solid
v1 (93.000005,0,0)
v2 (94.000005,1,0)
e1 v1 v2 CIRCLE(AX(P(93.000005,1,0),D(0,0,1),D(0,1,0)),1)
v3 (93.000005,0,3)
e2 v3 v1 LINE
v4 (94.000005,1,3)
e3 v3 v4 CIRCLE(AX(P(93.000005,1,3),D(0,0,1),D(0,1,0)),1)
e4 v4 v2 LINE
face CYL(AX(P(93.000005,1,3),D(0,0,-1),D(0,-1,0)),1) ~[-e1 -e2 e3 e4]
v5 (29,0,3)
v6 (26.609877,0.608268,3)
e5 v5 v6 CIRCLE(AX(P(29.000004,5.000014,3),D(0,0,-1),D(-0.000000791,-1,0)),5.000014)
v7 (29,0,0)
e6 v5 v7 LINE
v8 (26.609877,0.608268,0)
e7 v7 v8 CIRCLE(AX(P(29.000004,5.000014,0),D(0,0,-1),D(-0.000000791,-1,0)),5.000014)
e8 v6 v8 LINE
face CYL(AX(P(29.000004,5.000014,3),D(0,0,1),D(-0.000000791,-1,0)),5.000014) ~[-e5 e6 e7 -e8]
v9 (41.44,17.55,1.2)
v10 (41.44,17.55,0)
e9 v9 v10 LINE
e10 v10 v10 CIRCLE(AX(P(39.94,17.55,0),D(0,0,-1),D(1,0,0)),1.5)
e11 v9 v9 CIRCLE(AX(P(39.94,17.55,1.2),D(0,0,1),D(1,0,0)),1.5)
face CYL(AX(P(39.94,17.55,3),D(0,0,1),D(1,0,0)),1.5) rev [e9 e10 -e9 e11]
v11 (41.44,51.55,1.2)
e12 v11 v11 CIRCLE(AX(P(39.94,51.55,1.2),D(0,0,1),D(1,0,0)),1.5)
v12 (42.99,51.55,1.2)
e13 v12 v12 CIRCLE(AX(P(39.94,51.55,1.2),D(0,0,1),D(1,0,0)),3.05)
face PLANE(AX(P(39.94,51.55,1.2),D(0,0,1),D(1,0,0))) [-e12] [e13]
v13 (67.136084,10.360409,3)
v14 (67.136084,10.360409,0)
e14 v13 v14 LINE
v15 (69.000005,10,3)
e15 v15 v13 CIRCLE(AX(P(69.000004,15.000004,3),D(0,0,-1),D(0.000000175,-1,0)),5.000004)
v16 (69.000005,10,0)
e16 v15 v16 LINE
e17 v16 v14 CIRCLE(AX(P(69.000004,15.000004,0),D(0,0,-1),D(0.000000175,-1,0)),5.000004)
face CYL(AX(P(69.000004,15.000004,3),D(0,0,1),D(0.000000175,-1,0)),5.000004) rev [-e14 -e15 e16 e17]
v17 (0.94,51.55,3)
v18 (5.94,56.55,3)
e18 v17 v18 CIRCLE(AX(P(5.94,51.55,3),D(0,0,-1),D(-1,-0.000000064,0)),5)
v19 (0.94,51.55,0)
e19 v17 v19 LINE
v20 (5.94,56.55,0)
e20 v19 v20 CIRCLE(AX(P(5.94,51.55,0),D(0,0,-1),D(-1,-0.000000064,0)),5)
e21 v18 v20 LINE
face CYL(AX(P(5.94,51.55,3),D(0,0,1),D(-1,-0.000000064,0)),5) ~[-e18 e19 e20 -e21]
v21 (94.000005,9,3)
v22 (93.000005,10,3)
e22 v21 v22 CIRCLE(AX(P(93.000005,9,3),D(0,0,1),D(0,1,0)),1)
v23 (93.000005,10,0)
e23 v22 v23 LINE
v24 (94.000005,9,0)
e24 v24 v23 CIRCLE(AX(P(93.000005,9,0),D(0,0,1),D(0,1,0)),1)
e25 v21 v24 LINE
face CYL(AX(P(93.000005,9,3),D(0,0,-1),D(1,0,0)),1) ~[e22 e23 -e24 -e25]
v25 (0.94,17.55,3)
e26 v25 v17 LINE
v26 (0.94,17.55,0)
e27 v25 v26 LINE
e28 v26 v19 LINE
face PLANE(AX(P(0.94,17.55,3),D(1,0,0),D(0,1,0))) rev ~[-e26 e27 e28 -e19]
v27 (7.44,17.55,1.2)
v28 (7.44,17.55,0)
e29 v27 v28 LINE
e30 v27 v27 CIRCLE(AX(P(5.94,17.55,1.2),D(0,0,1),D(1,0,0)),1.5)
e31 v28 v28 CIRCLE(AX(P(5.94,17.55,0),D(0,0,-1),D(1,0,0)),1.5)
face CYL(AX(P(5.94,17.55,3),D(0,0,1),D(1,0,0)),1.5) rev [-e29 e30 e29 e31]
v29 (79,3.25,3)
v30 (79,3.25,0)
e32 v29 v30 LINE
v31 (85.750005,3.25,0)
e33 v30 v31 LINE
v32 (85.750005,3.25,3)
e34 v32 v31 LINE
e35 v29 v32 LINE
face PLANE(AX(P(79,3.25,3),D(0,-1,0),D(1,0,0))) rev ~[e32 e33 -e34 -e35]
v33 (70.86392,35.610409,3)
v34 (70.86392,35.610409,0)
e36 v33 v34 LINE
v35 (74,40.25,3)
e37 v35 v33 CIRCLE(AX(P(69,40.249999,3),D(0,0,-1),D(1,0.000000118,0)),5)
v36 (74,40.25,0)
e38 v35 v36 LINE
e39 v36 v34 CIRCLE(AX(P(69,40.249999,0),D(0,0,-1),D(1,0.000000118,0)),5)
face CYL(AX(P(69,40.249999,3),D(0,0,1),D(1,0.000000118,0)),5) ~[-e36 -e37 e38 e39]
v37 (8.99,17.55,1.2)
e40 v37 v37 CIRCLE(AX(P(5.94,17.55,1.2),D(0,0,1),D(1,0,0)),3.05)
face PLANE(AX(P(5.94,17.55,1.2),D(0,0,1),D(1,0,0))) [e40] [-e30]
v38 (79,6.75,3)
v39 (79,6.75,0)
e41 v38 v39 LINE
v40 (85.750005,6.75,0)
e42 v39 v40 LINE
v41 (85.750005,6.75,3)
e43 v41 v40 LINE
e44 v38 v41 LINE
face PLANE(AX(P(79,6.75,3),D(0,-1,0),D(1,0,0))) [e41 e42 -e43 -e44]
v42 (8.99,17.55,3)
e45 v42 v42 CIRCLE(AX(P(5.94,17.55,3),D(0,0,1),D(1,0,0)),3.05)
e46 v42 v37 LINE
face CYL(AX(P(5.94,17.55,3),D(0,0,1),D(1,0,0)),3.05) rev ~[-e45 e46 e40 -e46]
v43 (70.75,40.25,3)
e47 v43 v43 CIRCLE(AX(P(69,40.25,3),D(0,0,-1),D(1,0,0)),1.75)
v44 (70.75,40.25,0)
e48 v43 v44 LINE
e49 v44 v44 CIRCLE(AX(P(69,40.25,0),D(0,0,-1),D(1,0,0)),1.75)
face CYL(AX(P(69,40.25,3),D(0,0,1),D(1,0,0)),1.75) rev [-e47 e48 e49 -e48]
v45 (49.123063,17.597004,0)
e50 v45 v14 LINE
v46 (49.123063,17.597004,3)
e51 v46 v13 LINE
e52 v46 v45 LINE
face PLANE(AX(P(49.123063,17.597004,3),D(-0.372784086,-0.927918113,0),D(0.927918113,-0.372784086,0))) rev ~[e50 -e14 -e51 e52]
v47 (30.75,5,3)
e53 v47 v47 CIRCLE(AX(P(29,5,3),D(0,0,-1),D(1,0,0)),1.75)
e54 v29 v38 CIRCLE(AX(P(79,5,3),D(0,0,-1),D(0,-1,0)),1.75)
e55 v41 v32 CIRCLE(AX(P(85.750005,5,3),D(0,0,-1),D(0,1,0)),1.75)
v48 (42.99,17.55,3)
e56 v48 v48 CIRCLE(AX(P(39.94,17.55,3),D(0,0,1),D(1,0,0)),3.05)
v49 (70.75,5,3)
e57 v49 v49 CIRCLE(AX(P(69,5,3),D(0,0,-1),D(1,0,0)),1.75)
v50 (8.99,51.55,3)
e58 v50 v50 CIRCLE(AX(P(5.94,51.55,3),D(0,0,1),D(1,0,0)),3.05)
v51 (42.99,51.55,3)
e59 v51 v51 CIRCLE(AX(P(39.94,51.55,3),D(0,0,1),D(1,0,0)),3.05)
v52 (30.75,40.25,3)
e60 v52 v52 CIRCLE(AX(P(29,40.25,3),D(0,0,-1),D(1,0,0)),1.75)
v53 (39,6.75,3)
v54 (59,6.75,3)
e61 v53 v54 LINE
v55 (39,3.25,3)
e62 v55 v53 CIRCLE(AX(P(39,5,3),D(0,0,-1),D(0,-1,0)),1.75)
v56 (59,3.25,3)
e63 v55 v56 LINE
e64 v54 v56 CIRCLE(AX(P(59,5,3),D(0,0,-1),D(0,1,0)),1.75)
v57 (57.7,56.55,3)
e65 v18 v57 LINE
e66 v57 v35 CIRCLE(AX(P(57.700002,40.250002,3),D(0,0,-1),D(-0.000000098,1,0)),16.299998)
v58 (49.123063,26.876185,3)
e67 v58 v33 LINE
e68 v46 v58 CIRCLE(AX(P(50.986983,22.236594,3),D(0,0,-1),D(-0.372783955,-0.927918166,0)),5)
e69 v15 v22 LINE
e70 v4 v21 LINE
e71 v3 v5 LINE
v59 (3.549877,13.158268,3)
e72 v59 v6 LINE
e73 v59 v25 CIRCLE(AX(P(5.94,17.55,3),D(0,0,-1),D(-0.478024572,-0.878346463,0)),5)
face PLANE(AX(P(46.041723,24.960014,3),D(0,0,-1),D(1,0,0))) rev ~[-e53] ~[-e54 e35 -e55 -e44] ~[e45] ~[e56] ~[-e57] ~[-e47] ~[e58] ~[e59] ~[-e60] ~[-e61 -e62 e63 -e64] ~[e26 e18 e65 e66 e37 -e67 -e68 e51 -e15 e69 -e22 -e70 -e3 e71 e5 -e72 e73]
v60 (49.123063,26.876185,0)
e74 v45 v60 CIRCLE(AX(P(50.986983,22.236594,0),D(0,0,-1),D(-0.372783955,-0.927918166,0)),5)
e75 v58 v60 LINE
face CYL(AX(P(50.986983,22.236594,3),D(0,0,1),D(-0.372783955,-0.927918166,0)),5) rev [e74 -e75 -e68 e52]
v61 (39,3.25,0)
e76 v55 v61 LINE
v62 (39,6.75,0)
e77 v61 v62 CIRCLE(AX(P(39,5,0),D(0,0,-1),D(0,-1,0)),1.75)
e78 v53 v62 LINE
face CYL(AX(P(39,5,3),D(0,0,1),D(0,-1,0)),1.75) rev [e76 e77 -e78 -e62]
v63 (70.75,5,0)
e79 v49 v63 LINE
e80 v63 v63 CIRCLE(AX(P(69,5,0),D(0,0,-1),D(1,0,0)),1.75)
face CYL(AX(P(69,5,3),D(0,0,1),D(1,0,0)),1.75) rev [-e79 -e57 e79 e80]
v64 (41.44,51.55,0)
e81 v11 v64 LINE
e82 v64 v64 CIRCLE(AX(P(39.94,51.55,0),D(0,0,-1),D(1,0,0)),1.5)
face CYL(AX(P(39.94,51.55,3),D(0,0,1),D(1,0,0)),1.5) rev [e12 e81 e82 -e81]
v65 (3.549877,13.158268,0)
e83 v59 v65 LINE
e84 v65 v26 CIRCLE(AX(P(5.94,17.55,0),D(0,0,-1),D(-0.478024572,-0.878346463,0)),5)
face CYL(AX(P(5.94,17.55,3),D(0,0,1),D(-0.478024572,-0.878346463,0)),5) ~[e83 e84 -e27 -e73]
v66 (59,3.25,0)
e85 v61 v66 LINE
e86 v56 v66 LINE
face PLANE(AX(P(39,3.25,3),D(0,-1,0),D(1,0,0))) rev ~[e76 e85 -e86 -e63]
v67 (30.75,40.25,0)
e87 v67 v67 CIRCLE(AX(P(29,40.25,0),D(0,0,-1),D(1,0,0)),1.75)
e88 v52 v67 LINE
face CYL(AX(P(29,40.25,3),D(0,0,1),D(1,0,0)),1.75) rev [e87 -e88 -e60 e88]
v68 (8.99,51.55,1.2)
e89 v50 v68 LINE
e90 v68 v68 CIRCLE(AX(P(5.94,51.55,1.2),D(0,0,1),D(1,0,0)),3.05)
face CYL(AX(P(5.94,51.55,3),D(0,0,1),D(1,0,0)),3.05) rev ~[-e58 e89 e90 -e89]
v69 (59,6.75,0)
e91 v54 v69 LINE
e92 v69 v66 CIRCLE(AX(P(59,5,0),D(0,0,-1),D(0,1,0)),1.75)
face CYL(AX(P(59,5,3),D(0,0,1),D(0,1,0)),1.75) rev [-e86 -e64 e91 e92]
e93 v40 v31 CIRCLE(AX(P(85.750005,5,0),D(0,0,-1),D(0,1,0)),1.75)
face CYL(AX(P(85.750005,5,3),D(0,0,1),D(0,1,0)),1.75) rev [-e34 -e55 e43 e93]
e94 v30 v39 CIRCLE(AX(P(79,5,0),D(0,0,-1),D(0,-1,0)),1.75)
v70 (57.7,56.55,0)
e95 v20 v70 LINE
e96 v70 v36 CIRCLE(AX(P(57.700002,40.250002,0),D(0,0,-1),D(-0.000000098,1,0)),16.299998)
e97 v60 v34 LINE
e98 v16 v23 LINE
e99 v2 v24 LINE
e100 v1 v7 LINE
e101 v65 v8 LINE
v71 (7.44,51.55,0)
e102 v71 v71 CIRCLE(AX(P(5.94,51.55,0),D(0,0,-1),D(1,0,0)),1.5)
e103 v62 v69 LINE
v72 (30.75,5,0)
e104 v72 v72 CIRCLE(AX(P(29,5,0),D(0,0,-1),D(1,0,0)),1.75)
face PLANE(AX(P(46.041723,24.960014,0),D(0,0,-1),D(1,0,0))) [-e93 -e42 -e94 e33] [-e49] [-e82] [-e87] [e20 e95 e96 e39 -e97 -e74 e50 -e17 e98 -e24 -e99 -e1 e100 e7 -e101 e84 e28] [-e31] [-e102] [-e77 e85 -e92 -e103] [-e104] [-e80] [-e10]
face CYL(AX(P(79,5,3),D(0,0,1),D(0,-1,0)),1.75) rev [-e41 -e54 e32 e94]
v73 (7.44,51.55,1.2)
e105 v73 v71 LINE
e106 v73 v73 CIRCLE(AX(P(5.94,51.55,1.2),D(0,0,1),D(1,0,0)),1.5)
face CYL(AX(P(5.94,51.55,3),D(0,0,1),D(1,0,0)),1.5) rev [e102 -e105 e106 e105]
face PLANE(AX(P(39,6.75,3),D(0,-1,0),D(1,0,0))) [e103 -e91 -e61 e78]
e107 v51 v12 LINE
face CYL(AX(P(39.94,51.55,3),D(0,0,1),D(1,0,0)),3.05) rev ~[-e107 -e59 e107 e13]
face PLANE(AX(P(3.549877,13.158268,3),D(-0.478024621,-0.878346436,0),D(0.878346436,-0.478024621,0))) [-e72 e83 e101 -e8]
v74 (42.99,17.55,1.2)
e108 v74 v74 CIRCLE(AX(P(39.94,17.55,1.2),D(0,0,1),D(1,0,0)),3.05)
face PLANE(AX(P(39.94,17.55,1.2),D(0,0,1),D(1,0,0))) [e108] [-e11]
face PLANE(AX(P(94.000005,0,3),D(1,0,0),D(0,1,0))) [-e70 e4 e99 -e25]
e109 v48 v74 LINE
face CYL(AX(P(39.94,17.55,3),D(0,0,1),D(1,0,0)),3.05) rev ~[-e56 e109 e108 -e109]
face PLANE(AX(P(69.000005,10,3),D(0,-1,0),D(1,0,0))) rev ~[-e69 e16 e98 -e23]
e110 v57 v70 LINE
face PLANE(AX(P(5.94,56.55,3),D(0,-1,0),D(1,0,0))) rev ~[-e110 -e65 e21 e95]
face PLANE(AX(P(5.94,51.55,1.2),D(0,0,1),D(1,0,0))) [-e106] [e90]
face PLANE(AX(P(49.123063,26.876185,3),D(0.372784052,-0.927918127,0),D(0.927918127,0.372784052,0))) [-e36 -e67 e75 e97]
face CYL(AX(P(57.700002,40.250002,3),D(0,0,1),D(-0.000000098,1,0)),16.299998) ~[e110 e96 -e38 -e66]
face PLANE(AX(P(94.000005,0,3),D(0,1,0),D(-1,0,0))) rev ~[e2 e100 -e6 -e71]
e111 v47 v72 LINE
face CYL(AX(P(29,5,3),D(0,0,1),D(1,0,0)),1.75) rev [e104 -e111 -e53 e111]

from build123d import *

# Parameters (mm, degrees)
SKETCH006_R             = 1.5
SKETCH006_R_2           = 1.75
PAD002_DEPTH            = 3
FILLET_R                = 1
SKETCH_R                = 3.05
POCKET_DEPTH            = 1.8
BODY001_PLACEMENT_ANGLE = 180


with BuildPart() as part:
    # Sketch006 → Pad002 (new body)
    with BuildSketch(Plane.XY):
        with BuildLine():
            Line((5, 0), (56.76, 0))
            ThreePointArc((56.76, 0), (68.285841, 4.774159), (73.06, 16.3))
            ThreePointArc((73.06, 16.3), (72.202439, 19.100036), (69.92392, 20.939591))
            Line((48.183063, 29.673815), (69.92392, 20.939591))
            ThreePointArc((48.183063, 38.952996), (45.046983, 34.313406), (48.183063, 29.673815))
            Line((48.183063, 38.952996), (66.196084, 46.189591))
            ThreePointArc((68.060005, 46.55), (67.110782, 46.459071), (66.196084, 46.189591))
            Line((68.060005, 46.55), (93.060005, 46.55))
            Line((93.060005, 51.55), (93.060005, 46.55))
            Line((93.060005, 56.55), (93.060005, 51.55))
            Line((93.060005, 56.55), (28.06, 56.55))
            ThreePointArc((28.06, 56.55), (26.826846, 56.395547), (25.669877, 55.941732))
            Line((2.609877, 43.391732), (25.669877, 55.941732))
            ThreePointArc((2.609877, 43.391732), (0.701709, 41.554348), (0, 39))
            Line((0, 39), (0, 5))
            ThreePointArc((0, 5), (1.464466, 1.464466), (5, 0))
        make_face()
        with Locations((5, 5)):
            Circle(SKETCH006_R, mode=Mode.SUBTRACT)
        with Locations((39, 5)):
            Circle(SKETCH006_R, mode=Mode.SUBTRACT)
        with Locations((39, 39)):
            Circle(SKETCH006_R, mode=Mode.SUBTRACT)
        with Locations((5, 39)):
            Circle(SKETCH006_R, mode=Mode.SUBTRACT)
        with Locations((28.06, 51.55)):
            Circle(SKETCH006_R_2, mode=Mode.SUBTRACT)
        with Locations((68.06, 51.55)):
            Circle(SKETCH006_R_2, mode=Mode.SUBTRACT)
        with Locations((68.06, 16.3)):
            Circle(SKETCH006_R_2, mode=Mode.SUBTRACT)
        with Locations((28.06, 16.3)):
            Circle(SKETCH006_R_2, mode=Mode.SUBTRACT)
        with BuildLine():
            ThreePointArc((38.06, 53.3), (36.31, 51.55), (38.06, 49.8))
            Line((38.06, 49.8), (58.06, 49.8))
            ThreePointArc((58.06, 49.8), (59.81, 51.55), (58.06, 53.3))
            Line((38.06, 53.3), (58.06, 53.3))
        make_face(mode=Mode.SUBTRACT)
        with BuildLine():
            ThreePointArc((78.06, 53.3), (76.31, 51.55), (78.06, 49.8))
            Line((78.06, 49.8), (84.810005, 49.8))
            ThreePointArc((84.810005, 49.8), (86.560005, 51.55), (84.810005, 53.3))
            Line((78.06, 53.3), (84.810005, 53.3))
        make_face(mode=Mode.SUBTRACT)
    extrude(amount=PAD002_DEPTH)

    # Fillet
    fillet_edges = [part.edges().sort_by_distance(p)[0] for p in [
        (93.060005, 46.55, 1.5),
        (93.060005, 56.55, 1.5),
    ]]
    fillet(fillet_edges, radius=FILLET_R)

    # Sketch (on Face2 of Fillet) → Pocket (cut)
    with BuildSketch(Plane(origin=(0, 0, 0), x_dir=(1, 0, 0), z_dir=(0, 0, -1))):
        with Locations((5, -5)):
            Circle(SKETCH_R)
        with Locations((39, -5)):
            Circle(SKETCH_R)
        with Locations((39, -39)):
            Circle(SKETCH_R)
        with Locations((5, -39)):
            Circle(SKETCH_R)
    extrude(amount=-POCKET_DEPTH, mode=Mode.SUBTRACT)


with BuildPart() as part_1:
    # Body001 placement: moved
    add(part.part.moved(Location((0.94, 56.55, 3))).rotate(Axis((0.94, 56.55, 3), (1, 0, 0)), BODY001_PLACEMENT_ANGLE))


solid = part_1.part
